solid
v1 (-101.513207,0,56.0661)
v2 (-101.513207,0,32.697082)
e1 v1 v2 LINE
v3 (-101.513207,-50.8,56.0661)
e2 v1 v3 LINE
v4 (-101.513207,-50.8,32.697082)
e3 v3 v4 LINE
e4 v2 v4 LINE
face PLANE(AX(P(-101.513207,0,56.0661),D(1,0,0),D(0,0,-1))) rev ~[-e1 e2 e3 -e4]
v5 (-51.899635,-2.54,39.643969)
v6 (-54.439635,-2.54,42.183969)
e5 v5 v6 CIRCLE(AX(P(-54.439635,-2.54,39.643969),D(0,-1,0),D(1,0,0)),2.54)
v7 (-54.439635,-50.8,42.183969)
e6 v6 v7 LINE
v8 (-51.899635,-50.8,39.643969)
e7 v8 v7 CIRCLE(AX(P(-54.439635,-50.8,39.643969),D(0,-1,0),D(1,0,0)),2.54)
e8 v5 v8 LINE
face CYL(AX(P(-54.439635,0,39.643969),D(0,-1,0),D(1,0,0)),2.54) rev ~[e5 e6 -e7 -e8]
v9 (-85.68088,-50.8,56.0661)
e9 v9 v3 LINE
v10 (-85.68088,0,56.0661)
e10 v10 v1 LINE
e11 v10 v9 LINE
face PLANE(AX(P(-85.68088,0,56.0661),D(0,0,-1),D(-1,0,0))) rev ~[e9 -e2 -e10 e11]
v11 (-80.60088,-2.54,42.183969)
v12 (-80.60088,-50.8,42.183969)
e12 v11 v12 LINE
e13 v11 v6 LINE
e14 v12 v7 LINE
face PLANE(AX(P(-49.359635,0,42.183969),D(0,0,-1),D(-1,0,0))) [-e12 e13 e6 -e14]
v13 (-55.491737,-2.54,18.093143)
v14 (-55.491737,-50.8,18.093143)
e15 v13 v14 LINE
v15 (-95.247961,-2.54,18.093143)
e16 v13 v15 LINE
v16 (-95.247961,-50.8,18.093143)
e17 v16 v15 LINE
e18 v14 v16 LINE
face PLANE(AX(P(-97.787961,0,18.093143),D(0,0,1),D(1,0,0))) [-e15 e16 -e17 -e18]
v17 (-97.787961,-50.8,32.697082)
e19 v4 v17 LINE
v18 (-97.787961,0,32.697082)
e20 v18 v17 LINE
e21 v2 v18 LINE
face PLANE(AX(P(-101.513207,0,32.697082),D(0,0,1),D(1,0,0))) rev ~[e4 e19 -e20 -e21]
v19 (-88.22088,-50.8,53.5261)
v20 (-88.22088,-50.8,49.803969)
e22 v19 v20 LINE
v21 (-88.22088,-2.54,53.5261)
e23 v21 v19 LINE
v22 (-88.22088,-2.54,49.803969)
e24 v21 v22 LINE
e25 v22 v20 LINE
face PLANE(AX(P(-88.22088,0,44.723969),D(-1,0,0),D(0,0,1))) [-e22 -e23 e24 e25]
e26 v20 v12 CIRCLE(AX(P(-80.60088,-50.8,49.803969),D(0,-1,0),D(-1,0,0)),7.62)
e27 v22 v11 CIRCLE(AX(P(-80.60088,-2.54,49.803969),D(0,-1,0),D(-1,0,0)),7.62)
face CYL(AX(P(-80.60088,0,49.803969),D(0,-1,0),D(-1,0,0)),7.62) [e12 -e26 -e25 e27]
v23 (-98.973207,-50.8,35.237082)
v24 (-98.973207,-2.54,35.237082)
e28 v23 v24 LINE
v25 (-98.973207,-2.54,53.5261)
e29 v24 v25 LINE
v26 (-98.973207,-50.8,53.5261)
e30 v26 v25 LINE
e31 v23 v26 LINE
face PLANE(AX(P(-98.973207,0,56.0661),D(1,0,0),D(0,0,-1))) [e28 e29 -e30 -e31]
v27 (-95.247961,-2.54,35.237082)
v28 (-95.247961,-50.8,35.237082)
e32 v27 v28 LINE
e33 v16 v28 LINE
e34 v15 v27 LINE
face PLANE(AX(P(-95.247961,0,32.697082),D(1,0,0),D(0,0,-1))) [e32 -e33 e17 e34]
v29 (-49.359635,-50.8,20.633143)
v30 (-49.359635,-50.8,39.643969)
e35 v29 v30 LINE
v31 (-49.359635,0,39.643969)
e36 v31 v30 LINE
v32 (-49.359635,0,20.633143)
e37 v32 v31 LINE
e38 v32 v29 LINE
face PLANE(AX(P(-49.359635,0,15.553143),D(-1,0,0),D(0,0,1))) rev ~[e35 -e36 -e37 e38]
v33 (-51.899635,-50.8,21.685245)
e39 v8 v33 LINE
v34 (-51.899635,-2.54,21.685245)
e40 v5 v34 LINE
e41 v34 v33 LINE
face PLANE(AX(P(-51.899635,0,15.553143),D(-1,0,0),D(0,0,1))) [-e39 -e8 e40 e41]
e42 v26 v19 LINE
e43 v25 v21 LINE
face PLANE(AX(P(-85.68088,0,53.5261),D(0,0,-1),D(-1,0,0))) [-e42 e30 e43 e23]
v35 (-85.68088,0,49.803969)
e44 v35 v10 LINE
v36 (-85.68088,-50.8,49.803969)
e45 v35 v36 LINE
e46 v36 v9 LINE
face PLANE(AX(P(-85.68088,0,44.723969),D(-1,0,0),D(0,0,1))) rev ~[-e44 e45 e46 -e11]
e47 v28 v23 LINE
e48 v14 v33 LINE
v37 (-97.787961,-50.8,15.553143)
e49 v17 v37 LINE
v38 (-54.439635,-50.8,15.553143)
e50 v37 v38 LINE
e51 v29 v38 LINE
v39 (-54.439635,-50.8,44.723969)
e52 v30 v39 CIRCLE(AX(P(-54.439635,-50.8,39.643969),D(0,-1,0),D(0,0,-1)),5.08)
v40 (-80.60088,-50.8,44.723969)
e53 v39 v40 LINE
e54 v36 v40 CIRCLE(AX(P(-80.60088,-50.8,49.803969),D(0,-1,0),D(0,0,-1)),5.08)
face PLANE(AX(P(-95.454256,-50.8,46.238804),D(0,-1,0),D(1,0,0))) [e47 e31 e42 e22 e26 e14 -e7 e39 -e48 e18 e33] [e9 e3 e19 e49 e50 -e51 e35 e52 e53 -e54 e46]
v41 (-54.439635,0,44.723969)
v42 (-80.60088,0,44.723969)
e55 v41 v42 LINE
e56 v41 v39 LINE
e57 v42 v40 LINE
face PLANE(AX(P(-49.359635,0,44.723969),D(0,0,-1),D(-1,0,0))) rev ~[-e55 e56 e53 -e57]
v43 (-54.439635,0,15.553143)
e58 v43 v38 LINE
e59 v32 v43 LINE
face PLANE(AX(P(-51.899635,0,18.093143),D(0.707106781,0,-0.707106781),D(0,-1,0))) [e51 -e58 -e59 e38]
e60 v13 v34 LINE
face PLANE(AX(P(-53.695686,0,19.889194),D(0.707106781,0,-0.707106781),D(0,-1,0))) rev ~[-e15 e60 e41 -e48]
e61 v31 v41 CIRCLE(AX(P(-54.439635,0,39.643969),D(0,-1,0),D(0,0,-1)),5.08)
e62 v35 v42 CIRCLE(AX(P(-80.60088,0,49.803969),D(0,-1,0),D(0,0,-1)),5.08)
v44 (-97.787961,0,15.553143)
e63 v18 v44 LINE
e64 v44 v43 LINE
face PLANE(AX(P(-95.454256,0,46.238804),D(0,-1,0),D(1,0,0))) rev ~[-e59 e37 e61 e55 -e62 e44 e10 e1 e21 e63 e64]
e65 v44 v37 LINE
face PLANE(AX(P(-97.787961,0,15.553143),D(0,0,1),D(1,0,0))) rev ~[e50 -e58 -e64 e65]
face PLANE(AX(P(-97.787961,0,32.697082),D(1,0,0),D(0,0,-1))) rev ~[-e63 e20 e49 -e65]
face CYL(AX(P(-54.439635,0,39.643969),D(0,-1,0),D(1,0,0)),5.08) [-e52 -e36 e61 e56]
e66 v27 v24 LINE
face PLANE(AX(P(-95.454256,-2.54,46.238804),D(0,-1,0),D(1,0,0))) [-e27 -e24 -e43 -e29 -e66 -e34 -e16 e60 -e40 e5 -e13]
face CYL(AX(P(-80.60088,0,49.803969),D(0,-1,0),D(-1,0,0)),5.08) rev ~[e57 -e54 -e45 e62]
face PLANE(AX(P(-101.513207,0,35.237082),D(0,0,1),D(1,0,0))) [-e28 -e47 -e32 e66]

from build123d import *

# Parameters (mm, degrees)
F0_W     = 12.1070817113
F0_H     = 12.026887387
F1_DEPTH = 50.8
F2_R     = 5.08
F3_SIZE  = 5.08
F4_T     = -2.54


with BuildPart() as f1:
    # F0 (on Front) → F1 (new body)
    with BuildSketch(Plane.XZ):
        Polygon((-97.7879613638, 32.6970815659), (-97.7879613638, 44.7239689529), (-85.6808796525, 44.7239689529), (-85.6808796525, 56.0660995543), (-101.5132069588, 56.0660995543), (-101.5132069588, 32.6970815659), align=None)
        with Locations((-91.7344205081, 38.7105252594)):
            Rectangle(F0_W, F0_H)
        Polygon((-49.3596345186, 44.7239689529), (-85.6808796525, 44.7239689529), (-85.6808796525, 32.6970815659), (-97.7879613638, 32.6970815659), (-97.7879613638, 15.5531428754), (-49.3596345186, 15.5531428754), align=None)
    extrude(amount=F1_DEPTH)

    # F2
    f2_edges = [f1.edges().sort_by_distance(p)[0] for p in [
        (-85.68088, -25.4, 44.723969),
        (-49.359635, -25.4, 44.723969),
    ]]
    fillet(f2_edges, radius=F2_R)

    # F3
    f3_edges = [f1.edges().sort_by_distance(p)[0] for p in [
        (-49.359635, -25.4, 15.553143),
    ]]
    chamfer(f3_edges, length=F3_SIZE)

    # F4
    f4_openings = [f1.faces().sort_by_distance(p)[0] for p in [
        (-76.801986, -50.8, 32.724788),
    ]]
    offset(amount=F4_T, openings=f4_openings, kind=Kind.INTERSECTION)


solid = f1.part
